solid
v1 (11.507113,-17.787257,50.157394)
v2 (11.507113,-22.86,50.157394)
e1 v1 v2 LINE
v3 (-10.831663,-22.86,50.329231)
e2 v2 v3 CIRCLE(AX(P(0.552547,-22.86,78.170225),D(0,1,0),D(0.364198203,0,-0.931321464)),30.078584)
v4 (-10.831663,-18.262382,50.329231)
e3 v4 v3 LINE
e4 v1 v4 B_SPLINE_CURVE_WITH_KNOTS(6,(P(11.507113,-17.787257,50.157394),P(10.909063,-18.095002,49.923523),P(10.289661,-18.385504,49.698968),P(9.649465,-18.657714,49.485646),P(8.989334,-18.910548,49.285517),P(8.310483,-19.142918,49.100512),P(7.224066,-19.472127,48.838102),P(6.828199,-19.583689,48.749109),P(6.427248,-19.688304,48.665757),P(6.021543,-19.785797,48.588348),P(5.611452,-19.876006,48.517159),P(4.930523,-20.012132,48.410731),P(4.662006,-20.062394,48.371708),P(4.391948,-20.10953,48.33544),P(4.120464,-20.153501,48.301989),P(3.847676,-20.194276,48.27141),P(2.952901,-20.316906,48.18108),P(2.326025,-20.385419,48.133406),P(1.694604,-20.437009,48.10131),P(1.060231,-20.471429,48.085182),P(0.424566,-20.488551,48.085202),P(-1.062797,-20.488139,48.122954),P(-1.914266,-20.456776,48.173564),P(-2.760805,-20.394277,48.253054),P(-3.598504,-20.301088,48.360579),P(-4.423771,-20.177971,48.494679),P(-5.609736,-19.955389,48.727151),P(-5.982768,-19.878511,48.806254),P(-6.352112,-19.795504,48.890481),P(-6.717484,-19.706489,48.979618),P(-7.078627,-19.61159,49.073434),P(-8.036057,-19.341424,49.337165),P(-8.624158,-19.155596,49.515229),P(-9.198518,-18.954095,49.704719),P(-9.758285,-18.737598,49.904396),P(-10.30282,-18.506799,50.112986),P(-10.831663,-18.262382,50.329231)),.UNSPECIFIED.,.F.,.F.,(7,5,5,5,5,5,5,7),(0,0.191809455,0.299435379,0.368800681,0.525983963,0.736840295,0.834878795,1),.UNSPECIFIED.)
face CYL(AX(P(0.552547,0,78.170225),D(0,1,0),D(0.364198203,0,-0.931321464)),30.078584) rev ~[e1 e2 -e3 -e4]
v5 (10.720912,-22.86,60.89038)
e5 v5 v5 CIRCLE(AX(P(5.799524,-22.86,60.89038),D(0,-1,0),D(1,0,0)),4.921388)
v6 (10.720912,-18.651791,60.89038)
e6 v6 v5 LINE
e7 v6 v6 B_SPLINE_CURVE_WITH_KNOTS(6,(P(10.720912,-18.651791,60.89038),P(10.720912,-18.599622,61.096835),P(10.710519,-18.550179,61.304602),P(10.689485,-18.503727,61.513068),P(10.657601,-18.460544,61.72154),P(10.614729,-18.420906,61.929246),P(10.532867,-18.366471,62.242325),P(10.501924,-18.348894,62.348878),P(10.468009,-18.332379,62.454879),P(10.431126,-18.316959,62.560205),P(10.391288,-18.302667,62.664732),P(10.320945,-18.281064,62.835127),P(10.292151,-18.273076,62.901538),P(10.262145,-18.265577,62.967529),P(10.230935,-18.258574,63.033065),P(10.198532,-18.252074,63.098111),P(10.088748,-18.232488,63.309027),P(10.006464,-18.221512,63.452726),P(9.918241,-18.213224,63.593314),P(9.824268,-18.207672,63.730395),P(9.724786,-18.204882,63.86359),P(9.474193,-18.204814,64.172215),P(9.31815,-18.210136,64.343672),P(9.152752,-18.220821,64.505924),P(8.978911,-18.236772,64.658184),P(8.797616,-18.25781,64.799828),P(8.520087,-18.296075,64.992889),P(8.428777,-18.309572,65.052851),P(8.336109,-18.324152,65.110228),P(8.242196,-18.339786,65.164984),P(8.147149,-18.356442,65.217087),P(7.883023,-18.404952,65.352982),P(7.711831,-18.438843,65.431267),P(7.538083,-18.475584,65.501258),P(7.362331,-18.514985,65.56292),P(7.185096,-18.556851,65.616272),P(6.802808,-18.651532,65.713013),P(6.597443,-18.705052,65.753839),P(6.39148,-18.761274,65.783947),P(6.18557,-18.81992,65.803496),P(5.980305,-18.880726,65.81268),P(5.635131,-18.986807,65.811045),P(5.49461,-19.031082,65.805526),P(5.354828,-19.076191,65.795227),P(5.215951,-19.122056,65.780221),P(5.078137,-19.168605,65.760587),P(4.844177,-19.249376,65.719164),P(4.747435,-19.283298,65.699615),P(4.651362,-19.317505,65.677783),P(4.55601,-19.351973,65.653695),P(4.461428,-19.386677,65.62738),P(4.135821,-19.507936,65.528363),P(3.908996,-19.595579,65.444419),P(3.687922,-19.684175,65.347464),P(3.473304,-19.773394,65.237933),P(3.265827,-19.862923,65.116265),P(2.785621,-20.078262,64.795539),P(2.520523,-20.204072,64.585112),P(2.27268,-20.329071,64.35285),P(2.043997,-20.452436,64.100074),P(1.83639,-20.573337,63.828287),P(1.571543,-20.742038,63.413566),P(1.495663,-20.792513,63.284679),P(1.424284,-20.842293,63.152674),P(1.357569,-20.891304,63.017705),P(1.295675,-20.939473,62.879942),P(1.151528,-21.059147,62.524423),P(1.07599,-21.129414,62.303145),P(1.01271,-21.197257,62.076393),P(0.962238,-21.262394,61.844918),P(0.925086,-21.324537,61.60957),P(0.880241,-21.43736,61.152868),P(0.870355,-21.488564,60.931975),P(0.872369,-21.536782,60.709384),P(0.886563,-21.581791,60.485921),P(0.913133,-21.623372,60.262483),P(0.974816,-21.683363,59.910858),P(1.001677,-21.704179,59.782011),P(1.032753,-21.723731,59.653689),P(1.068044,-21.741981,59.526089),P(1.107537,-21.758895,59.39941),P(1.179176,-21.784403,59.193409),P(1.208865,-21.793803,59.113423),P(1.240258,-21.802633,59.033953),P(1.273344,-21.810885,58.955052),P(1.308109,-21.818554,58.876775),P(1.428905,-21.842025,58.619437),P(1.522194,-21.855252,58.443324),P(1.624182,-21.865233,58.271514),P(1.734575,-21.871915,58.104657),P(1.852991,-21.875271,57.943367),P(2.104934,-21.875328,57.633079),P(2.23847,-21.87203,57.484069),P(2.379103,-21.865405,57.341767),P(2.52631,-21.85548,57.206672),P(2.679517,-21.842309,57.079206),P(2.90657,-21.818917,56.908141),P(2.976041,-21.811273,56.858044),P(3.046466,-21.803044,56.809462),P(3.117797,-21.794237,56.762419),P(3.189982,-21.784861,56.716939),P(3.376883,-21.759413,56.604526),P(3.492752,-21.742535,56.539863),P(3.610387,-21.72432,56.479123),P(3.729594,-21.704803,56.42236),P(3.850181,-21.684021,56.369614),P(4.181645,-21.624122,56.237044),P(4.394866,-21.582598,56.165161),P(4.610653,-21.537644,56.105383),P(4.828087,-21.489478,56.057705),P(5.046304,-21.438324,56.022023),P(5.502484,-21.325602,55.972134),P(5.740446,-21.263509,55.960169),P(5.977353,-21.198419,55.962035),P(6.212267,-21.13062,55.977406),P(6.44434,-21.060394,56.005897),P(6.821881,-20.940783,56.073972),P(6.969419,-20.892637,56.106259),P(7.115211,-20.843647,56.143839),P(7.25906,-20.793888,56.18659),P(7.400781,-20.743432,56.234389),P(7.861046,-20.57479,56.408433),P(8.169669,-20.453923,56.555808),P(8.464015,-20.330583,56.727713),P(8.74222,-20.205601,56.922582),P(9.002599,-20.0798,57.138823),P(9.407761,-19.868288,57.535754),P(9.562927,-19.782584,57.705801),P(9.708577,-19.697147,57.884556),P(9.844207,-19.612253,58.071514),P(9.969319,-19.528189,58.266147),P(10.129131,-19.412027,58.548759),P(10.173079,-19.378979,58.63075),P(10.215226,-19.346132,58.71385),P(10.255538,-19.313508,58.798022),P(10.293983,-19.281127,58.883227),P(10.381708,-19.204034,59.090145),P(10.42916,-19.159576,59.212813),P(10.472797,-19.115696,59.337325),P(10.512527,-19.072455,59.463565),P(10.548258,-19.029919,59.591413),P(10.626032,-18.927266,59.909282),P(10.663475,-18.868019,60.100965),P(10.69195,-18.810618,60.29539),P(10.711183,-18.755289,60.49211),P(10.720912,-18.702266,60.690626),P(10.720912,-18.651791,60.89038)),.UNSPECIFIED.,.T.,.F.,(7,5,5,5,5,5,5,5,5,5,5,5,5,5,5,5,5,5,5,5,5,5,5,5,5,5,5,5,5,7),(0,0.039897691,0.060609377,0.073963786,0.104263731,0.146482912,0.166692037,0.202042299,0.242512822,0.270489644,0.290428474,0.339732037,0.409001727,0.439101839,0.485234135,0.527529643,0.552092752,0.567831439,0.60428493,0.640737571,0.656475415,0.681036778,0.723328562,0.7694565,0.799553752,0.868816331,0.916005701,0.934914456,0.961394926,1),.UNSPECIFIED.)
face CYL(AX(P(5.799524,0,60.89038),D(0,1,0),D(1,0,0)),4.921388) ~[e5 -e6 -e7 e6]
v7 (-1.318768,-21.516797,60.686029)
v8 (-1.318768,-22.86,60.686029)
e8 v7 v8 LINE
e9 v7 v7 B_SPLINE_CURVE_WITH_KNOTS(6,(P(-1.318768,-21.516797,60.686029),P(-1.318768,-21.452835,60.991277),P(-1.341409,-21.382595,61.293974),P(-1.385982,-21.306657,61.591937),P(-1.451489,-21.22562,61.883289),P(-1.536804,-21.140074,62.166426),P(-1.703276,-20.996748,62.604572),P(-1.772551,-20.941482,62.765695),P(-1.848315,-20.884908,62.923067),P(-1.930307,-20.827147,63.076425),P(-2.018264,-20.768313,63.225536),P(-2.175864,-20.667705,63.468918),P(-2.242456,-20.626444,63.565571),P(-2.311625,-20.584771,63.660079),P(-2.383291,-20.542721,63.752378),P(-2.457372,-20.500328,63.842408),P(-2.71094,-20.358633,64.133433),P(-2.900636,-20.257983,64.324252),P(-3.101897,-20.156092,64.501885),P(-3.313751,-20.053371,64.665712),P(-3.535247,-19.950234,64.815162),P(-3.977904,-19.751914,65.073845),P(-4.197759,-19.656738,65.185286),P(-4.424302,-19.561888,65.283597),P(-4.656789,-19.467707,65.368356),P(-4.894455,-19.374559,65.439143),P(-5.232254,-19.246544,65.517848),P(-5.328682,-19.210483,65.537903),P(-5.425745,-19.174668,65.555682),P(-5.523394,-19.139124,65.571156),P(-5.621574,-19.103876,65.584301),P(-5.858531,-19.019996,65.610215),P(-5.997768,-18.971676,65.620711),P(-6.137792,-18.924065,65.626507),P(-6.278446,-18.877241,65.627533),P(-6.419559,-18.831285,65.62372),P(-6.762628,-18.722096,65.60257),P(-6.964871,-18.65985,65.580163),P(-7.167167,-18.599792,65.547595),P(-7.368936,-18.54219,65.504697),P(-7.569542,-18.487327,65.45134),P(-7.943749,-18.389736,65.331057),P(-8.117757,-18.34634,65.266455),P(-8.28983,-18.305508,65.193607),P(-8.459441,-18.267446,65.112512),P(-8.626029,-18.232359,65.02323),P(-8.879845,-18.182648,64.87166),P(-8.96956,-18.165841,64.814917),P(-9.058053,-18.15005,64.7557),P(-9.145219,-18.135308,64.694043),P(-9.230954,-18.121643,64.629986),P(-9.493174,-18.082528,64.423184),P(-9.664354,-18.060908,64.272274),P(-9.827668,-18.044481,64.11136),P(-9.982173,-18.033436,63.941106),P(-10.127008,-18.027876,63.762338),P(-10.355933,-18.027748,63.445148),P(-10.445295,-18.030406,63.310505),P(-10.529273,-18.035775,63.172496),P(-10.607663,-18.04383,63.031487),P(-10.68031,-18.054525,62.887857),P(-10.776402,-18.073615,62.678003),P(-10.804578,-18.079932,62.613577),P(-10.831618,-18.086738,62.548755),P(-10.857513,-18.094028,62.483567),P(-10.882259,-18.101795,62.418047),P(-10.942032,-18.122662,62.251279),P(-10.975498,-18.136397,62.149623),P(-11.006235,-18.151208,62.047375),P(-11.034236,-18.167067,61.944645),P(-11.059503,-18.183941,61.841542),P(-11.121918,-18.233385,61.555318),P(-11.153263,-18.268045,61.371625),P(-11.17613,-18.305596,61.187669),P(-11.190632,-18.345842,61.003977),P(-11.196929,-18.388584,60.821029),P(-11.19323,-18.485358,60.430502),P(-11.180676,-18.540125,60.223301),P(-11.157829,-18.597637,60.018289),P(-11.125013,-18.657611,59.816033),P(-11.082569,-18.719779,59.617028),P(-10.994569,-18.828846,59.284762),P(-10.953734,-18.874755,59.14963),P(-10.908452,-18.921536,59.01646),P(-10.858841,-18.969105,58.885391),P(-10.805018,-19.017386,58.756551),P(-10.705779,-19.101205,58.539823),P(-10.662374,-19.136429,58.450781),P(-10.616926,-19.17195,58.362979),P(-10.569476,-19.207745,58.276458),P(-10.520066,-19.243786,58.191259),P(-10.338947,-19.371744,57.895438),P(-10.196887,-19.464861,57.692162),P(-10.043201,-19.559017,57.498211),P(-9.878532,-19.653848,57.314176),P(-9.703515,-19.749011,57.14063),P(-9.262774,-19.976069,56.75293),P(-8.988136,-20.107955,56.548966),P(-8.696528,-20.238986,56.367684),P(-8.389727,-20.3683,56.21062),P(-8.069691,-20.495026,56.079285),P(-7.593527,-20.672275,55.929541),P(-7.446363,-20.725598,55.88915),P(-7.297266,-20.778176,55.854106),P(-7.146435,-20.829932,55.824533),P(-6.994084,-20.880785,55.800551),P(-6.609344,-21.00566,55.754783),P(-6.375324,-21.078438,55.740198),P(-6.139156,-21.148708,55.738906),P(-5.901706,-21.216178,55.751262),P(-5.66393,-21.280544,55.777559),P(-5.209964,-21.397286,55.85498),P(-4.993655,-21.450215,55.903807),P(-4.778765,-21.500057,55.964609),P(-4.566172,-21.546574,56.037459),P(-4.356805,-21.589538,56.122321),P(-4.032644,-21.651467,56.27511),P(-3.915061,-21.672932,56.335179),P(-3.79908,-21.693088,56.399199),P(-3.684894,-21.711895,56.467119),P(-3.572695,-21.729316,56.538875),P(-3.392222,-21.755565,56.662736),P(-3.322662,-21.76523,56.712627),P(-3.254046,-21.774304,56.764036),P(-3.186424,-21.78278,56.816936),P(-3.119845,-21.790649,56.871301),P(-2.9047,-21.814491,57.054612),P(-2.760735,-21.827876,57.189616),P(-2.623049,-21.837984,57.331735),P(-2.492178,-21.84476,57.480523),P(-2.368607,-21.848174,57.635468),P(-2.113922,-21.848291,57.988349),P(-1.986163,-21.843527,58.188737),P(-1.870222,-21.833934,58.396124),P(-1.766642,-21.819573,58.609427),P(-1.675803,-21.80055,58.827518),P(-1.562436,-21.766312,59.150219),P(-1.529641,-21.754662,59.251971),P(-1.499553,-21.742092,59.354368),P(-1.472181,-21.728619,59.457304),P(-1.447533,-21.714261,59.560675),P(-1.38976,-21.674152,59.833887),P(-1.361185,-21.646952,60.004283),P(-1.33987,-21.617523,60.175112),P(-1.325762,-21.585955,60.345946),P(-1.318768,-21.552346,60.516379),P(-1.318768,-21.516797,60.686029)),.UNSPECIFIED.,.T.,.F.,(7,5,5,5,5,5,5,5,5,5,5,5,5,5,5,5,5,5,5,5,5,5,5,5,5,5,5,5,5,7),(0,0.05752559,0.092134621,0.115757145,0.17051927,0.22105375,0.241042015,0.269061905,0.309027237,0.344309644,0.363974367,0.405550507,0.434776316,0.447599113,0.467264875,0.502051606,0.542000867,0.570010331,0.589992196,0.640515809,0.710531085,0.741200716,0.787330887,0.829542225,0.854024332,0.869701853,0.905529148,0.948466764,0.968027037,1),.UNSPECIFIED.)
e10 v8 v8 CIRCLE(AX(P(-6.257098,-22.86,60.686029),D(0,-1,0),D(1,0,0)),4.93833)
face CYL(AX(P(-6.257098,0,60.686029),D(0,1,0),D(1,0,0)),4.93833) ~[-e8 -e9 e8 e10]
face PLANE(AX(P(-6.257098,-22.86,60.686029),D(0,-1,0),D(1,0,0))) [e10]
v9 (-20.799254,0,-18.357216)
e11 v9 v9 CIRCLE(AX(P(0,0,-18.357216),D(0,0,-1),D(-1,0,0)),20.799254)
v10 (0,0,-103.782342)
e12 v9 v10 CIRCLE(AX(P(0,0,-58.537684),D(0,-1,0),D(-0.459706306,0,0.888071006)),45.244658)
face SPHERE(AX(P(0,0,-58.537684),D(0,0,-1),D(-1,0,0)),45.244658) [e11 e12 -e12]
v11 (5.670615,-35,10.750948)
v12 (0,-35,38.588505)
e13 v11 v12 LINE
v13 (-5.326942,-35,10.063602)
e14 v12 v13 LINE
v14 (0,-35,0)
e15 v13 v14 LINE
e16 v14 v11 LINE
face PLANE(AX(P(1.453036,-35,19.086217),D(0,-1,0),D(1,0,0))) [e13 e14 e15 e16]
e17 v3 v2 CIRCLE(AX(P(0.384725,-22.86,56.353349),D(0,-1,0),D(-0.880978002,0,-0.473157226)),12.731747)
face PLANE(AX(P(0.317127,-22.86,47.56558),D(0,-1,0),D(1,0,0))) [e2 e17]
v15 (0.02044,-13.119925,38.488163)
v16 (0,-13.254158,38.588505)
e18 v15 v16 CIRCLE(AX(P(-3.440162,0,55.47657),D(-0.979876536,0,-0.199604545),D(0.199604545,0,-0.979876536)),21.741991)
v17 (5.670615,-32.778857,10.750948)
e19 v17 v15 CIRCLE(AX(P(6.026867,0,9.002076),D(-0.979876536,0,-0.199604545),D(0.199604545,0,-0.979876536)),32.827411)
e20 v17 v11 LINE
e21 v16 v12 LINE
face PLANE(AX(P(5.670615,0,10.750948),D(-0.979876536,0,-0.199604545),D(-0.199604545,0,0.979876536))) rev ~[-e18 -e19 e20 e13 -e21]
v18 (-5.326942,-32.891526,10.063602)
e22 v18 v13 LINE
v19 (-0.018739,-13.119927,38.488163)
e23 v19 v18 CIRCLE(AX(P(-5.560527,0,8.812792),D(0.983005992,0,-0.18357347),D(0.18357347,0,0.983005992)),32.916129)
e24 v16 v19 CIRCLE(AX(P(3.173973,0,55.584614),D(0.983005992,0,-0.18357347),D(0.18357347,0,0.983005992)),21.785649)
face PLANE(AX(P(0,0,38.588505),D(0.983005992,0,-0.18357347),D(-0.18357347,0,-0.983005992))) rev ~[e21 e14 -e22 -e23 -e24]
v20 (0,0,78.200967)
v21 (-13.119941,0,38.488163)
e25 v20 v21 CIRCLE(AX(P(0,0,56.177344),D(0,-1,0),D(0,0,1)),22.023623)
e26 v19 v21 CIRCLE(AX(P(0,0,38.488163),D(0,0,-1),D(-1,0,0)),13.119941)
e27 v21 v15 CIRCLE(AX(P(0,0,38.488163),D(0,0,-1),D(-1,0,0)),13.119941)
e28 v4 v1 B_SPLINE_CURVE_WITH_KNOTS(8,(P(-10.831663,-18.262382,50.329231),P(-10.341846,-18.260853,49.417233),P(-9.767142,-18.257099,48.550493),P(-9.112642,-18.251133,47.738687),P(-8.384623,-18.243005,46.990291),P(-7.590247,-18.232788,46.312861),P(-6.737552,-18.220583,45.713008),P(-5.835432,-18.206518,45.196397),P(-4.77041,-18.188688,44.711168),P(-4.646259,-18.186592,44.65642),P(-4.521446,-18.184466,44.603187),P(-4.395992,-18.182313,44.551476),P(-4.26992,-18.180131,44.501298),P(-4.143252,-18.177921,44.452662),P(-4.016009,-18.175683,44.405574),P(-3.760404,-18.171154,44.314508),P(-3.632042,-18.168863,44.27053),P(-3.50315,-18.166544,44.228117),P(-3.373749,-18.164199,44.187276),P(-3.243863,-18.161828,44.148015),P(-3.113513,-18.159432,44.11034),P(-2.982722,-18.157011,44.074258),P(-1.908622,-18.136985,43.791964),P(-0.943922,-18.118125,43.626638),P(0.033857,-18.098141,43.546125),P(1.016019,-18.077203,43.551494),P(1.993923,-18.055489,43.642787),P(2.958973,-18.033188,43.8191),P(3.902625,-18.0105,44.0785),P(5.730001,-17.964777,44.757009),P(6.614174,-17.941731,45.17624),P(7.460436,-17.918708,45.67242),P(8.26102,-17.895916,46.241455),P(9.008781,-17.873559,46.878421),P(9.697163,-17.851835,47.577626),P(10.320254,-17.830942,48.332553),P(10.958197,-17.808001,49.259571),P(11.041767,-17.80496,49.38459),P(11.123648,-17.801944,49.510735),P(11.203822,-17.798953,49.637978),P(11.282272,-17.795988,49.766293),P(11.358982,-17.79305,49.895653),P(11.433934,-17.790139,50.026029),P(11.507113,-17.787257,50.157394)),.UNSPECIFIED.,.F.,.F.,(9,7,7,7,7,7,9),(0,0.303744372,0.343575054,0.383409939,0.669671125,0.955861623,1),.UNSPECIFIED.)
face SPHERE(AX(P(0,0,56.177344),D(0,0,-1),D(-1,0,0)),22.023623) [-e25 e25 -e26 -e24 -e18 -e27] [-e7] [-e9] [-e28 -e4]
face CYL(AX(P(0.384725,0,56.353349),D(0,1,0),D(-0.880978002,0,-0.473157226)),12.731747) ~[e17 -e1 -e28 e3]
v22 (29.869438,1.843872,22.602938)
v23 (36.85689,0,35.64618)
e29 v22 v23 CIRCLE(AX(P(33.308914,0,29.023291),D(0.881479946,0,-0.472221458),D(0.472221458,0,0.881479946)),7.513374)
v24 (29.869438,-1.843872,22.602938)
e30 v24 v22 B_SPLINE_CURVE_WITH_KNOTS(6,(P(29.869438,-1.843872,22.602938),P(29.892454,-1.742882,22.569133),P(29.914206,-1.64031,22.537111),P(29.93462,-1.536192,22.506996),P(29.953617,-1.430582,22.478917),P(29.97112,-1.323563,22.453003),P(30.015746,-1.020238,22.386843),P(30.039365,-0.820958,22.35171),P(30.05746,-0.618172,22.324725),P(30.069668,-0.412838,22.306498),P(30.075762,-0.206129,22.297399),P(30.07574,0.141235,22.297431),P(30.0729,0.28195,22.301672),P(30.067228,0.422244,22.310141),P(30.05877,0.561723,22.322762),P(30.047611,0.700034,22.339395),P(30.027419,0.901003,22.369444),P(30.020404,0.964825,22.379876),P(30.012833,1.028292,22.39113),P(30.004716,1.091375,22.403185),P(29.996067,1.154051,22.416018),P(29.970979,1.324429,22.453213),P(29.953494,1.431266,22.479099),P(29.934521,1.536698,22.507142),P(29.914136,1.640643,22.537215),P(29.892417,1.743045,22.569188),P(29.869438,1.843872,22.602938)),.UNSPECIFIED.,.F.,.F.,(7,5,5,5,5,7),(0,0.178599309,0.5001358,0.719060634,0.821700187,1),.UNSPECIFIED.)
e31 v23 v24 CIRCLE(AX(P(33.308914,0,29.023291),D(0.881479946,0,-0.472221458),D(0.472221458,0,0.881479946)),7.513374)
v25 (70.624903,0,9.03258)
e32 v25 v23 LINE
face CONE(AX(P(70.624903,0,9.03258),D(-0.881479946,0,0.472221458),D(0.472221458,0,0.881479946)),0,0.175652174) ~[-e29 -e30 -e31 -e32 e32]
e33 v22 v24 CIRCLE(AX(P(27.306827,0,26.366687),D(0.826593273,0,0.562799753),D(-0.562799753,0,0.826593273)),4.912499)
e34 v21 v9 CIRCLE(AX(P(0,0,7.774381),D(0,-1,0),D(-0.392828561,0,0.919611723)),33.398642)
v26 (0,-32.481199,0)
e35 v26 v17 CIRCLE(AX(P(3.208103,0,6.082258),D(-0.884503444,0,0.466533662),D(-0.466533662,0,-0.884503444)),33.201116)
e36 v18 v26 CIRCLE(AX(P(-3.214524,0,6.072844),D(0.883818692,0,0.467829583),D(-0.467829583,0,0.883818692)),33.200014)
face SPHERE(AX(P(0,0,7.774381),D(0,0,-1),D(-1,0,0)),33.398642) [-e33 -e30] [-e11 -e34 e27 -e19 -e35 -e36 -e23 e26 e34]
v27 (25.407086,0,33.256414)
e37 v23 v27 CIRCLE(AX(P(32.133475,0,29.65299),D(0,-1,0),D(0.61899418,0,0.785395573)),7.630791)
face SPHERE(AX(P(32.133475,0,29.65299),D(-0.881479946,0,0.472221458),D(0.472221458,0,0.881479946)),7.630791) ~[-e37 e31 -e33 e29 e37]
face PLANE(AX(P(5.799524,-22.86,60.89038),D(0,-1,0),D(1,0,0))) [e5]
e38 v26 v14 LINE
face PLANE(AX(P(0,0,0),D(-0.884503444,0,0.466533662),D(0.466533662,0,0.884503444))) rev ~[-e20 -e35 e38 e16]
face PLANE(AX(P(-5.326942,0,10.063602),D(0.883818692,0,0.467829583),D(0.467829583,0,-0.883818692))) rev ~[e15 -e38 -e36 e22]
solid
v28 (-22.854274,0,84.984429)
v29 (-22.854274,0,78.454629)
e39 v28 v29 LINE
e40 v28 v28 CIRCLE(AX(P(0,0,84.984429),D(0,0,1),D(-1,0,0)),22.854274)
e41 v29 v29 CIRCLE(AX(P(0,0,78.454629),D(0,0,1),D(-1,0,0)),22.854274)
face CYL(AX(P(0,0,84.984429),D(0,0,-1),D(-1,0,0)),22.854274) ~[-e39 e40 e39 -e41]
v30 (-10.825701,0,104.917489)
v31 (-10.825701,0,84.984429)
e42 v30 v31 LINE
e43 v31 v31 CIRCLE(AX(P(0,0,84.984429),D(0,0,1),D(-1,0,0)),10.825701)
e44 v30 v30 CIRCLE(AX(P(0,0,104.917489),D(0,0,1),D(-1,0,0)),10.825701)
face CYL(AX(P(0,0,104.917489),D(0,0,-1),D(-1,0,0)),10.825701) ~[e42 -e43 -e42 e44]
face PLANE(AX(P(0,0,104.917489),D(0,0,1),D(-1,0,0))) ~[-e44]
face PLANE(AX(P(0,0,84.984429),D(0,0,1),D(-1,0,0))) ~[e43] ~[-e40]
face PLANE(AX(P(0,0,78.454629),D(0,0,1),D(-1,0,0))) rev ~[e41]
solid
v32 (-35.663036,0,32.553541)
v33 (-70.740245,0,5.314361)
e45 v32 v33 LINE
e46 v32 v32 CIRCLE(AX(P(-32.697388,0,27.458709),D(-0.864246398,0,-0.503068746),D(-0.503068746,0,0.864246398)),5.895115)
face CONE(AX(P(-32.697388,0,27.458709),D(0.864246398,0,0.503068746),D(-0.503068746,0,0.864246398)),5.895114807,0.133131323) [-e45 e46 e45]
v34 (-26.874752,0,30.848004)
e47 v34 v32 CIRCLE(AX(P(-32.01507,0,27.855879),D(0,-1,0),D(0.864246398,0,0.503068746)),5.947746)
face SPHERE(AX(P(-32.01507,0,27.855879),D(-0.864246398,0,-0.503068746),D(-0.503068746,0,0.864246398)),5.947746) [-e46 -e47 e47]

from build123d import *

# Parameters (mm, degrees)
F6_R     = 4.9383304639
F6_R_2   = 4.9213884818
F7_DEPTH = 22.86
F9_DEPTH = 35


with BuildPart() as f1:
    # F0 (on Front) → F1 (revolve)
    with BuildSketch(Plane.XZ):
        with BuildLine():
            Line((0, 41.1730227667), (0, 78.2009668334))
            ThreePointArc((0, 78.2009668334), (-20.9119558638, 63.0860384803), (-13.1199405888, 38.4881634679))
            ThreePointArc((-13.1199405888, 38.4881634679), (-6.6959187291, 40.4949241634), (0, 41.1730227667))
        make_face()
        with BuildLine():
            ThreePointArc((0, 41.1730227667), (-6.6959187291, 40.4949241634), (-13.1199405888, 38.4881634679))
            ThreePointArc((-13.1199405888, 38.4881634679), (-6.9086943071, 35.2653883093), (0, 34.153721513))
            Line((0, 34.153721513), (0, 41.1730227667))
        make_face()
        with BuildLine():
            ThreePointArc((0, 34.153721513), (-6.9086943071, 35.2653883093), (-13.1199405888, 38.4881634679))
            ThreePointArc((-13.1199405888, 38.4881634679), (-33.0979943621, 12.2456302566), (-20.7992544708, -18.3572156731))
            ThreePointArc((-20.7992544708, -18.3572156731), (-10.7034456705, -14.5773010466), (0, -13.2930266618))
            Line((0, -13.2930266618), (0, 34.153721513))
        make_face()
        with BuildLine():
            ThreePointArc((0, -13.2930266618), (-10.7034456705, -14.5773010466), (-20.7992544708, -18.3572156731))
            ThreePointArc((-20.7992544708, -18.3572156731), (-11.0161125792, -23.7552019381), (0, -25.624261764))
            Line((0, -25.624261764), (0, -13.2930266618))
        make_face()
        with BuildLine():
            ThreePointArc((0, -25.624261764), (-11.0161125792, -23.7552019381), (-20.7992544708, -18.3572156731))
            ThreePointArc((-20.7992544708, -18.3572156731), (-43.9603833344, -69.2411300515), (0, -103.7823421002))
            Line((0, -103.7823421002), (0, -25.624261764))
        make_face()
    revolve(axis=Axis((0, 0, -12.7906876334), (0, 0, -1)))

    # F4 (on Front) → F5 (revolve)
    with BuildSketch(Plane.XZ):
        with BuildLine():
            ThreePointArc((36.8568900716, 35.6461797545), (38.9990543835, 32.9835741433), (39.7642658013, 29.6529904008))
            ThreePointArc((39.7642658013, 29.6529904008), (39.534712599, 27.795397797), (38.8598640566, 26.0495672212))
            Line((38.8598640566, 26.0495672212), (70.6249028444, 9.0325800702))
            Line((70.6249028444, 9.0325800702), (36.8568900716, 35.6461797545))
        make_face()
        with BuildLine():
            Line((32.133474946, 29.6529904008), (36.8568900716, 35.6461797545))
            ThreePointArc((36.8568900716, 35.6461797545), (30.5743977228, 37.1228128411), (25.4070858355, 33.2564135803))
            Line((25.4070858355, 33.2564135803), (32.133474946, 29.6529904008))
        make_face()
        with BuildLine():
            ThreePointArc((38.8598640566, 26.0495672212), (39.534712599, 27.795397797), (39.7642658013, 29.6529904008))
            ThreePointArc((39.7642658013, 29.6529904008), (38.9990543835, 32.9835741433), (36.8568900716, 35.6461797545))
            Line((36.8568900716, 35.6461797545), (32.133474946, 29.6529904008))
            Line((32.133474946, 29.6529904008), (38.8598640566, 26.0495672212))
        make_face()
    revolve(axis=Axis((51.3791888952, 0, 19.3427852355), (0.8814799459, 0, -0.4722214575)))

    # F6 (on Front) → F7 (join)
    with BuildSketch(Plane.XZ):
        with Locations((-6.2570981681, 60.6860294938)):
            Circle(F6_R)
        with Locations((5.7995235547, 60.8903802931)):
            Circle(F6_R_2)
        with BuildLine():
            ThreePointArc((11.5071134642, 50.1573942602), (0.3211805933, 48.0925309743), (-10.831663385, 50.3292307258))
            ThreePointArc((-10.831663385, 50.3292307258), (0.2867917857, 43.6219787208), (11.5071134642, 50.1573942602))
        make_face()
    extrude(amount=F7_DEPTH)

    # F8 (on Front) → F9 (join)
    with BuildSketch(Plane.XZ):
        Polygon((5.6706154719, 10.7509475201), (0, 38.5885052383), (0, 0), align=None)
        Polygon((0, 0), (0, 38.5885052383), (-5.3269416094, 10.0636016577), align=None)
    extrude(amount=F9_DEPTH)


with BuildPart() as f3:
    # F2 (on Front) → F3 (revolve)
    with BuildSketch(Plane.XZ):
        with BuildLine():
            Line((-70.7402452826, 5.314361304), (-37.1553881819, 24.8637536865))
            ThreePointArc((-37.1553881819, 24.8637536865), (-37.8538790166, 28.989012755), (-35.6630359155, 32.5535405408))
            Line((-35.6630359155, 32.5535405408), (-70.7402452826, 5.314361304))
        make_face()
        with BuildLine():
            Line((-32.0150703192, 27.8558786958), (-26.8747524565, 30.8480037052))
            ThreePointArc((-26.8747524565, 30.8480037052), (-30.88193626, 33.6946873933), (-35.6630359155, 32.5535405408))
            Line((-35.6630359155, 32.5535405408), (-32.0150703192, 27.8558786958))
        make_face()
        with BuildLine():
            ThreePointArc((-35.6630359155, 32.5535405408), (-37.8538790166, 28.989012755), (-37.1553881819, 24.8637536865))
            Line((-37.1553881819, 24.8637536865), (-32.0150703192, 27.8558786958))
            Line((-32.0150703192, 27.8558786958), (-35.6630359155, 32.5535405408))
        make_face()
    revolve(axis=Axis((-51.3776578009, 0, 16.5851199999), (-0.8642463981, 0, -0.5030687462)))


with BuildPart() as f11:
    # F10 (on Front) → F11 (revolve)
    with BuildSketch(Plane.XZ):
        Polygon((0, 104.9174889922), (-10.8257010579, 104.9174889922), (-10.8257010579, 84.9844291806), (-22.8542741388, 84.9844291806), (-22.8542741388, 78.4546285868), (0, 78.4546285868), align=None)
    revolve(axis=Axis((0, 0, 91.6860587895), (0, 0, 1)))


solid = Compound([f1.part, f3.part, f11.part])
